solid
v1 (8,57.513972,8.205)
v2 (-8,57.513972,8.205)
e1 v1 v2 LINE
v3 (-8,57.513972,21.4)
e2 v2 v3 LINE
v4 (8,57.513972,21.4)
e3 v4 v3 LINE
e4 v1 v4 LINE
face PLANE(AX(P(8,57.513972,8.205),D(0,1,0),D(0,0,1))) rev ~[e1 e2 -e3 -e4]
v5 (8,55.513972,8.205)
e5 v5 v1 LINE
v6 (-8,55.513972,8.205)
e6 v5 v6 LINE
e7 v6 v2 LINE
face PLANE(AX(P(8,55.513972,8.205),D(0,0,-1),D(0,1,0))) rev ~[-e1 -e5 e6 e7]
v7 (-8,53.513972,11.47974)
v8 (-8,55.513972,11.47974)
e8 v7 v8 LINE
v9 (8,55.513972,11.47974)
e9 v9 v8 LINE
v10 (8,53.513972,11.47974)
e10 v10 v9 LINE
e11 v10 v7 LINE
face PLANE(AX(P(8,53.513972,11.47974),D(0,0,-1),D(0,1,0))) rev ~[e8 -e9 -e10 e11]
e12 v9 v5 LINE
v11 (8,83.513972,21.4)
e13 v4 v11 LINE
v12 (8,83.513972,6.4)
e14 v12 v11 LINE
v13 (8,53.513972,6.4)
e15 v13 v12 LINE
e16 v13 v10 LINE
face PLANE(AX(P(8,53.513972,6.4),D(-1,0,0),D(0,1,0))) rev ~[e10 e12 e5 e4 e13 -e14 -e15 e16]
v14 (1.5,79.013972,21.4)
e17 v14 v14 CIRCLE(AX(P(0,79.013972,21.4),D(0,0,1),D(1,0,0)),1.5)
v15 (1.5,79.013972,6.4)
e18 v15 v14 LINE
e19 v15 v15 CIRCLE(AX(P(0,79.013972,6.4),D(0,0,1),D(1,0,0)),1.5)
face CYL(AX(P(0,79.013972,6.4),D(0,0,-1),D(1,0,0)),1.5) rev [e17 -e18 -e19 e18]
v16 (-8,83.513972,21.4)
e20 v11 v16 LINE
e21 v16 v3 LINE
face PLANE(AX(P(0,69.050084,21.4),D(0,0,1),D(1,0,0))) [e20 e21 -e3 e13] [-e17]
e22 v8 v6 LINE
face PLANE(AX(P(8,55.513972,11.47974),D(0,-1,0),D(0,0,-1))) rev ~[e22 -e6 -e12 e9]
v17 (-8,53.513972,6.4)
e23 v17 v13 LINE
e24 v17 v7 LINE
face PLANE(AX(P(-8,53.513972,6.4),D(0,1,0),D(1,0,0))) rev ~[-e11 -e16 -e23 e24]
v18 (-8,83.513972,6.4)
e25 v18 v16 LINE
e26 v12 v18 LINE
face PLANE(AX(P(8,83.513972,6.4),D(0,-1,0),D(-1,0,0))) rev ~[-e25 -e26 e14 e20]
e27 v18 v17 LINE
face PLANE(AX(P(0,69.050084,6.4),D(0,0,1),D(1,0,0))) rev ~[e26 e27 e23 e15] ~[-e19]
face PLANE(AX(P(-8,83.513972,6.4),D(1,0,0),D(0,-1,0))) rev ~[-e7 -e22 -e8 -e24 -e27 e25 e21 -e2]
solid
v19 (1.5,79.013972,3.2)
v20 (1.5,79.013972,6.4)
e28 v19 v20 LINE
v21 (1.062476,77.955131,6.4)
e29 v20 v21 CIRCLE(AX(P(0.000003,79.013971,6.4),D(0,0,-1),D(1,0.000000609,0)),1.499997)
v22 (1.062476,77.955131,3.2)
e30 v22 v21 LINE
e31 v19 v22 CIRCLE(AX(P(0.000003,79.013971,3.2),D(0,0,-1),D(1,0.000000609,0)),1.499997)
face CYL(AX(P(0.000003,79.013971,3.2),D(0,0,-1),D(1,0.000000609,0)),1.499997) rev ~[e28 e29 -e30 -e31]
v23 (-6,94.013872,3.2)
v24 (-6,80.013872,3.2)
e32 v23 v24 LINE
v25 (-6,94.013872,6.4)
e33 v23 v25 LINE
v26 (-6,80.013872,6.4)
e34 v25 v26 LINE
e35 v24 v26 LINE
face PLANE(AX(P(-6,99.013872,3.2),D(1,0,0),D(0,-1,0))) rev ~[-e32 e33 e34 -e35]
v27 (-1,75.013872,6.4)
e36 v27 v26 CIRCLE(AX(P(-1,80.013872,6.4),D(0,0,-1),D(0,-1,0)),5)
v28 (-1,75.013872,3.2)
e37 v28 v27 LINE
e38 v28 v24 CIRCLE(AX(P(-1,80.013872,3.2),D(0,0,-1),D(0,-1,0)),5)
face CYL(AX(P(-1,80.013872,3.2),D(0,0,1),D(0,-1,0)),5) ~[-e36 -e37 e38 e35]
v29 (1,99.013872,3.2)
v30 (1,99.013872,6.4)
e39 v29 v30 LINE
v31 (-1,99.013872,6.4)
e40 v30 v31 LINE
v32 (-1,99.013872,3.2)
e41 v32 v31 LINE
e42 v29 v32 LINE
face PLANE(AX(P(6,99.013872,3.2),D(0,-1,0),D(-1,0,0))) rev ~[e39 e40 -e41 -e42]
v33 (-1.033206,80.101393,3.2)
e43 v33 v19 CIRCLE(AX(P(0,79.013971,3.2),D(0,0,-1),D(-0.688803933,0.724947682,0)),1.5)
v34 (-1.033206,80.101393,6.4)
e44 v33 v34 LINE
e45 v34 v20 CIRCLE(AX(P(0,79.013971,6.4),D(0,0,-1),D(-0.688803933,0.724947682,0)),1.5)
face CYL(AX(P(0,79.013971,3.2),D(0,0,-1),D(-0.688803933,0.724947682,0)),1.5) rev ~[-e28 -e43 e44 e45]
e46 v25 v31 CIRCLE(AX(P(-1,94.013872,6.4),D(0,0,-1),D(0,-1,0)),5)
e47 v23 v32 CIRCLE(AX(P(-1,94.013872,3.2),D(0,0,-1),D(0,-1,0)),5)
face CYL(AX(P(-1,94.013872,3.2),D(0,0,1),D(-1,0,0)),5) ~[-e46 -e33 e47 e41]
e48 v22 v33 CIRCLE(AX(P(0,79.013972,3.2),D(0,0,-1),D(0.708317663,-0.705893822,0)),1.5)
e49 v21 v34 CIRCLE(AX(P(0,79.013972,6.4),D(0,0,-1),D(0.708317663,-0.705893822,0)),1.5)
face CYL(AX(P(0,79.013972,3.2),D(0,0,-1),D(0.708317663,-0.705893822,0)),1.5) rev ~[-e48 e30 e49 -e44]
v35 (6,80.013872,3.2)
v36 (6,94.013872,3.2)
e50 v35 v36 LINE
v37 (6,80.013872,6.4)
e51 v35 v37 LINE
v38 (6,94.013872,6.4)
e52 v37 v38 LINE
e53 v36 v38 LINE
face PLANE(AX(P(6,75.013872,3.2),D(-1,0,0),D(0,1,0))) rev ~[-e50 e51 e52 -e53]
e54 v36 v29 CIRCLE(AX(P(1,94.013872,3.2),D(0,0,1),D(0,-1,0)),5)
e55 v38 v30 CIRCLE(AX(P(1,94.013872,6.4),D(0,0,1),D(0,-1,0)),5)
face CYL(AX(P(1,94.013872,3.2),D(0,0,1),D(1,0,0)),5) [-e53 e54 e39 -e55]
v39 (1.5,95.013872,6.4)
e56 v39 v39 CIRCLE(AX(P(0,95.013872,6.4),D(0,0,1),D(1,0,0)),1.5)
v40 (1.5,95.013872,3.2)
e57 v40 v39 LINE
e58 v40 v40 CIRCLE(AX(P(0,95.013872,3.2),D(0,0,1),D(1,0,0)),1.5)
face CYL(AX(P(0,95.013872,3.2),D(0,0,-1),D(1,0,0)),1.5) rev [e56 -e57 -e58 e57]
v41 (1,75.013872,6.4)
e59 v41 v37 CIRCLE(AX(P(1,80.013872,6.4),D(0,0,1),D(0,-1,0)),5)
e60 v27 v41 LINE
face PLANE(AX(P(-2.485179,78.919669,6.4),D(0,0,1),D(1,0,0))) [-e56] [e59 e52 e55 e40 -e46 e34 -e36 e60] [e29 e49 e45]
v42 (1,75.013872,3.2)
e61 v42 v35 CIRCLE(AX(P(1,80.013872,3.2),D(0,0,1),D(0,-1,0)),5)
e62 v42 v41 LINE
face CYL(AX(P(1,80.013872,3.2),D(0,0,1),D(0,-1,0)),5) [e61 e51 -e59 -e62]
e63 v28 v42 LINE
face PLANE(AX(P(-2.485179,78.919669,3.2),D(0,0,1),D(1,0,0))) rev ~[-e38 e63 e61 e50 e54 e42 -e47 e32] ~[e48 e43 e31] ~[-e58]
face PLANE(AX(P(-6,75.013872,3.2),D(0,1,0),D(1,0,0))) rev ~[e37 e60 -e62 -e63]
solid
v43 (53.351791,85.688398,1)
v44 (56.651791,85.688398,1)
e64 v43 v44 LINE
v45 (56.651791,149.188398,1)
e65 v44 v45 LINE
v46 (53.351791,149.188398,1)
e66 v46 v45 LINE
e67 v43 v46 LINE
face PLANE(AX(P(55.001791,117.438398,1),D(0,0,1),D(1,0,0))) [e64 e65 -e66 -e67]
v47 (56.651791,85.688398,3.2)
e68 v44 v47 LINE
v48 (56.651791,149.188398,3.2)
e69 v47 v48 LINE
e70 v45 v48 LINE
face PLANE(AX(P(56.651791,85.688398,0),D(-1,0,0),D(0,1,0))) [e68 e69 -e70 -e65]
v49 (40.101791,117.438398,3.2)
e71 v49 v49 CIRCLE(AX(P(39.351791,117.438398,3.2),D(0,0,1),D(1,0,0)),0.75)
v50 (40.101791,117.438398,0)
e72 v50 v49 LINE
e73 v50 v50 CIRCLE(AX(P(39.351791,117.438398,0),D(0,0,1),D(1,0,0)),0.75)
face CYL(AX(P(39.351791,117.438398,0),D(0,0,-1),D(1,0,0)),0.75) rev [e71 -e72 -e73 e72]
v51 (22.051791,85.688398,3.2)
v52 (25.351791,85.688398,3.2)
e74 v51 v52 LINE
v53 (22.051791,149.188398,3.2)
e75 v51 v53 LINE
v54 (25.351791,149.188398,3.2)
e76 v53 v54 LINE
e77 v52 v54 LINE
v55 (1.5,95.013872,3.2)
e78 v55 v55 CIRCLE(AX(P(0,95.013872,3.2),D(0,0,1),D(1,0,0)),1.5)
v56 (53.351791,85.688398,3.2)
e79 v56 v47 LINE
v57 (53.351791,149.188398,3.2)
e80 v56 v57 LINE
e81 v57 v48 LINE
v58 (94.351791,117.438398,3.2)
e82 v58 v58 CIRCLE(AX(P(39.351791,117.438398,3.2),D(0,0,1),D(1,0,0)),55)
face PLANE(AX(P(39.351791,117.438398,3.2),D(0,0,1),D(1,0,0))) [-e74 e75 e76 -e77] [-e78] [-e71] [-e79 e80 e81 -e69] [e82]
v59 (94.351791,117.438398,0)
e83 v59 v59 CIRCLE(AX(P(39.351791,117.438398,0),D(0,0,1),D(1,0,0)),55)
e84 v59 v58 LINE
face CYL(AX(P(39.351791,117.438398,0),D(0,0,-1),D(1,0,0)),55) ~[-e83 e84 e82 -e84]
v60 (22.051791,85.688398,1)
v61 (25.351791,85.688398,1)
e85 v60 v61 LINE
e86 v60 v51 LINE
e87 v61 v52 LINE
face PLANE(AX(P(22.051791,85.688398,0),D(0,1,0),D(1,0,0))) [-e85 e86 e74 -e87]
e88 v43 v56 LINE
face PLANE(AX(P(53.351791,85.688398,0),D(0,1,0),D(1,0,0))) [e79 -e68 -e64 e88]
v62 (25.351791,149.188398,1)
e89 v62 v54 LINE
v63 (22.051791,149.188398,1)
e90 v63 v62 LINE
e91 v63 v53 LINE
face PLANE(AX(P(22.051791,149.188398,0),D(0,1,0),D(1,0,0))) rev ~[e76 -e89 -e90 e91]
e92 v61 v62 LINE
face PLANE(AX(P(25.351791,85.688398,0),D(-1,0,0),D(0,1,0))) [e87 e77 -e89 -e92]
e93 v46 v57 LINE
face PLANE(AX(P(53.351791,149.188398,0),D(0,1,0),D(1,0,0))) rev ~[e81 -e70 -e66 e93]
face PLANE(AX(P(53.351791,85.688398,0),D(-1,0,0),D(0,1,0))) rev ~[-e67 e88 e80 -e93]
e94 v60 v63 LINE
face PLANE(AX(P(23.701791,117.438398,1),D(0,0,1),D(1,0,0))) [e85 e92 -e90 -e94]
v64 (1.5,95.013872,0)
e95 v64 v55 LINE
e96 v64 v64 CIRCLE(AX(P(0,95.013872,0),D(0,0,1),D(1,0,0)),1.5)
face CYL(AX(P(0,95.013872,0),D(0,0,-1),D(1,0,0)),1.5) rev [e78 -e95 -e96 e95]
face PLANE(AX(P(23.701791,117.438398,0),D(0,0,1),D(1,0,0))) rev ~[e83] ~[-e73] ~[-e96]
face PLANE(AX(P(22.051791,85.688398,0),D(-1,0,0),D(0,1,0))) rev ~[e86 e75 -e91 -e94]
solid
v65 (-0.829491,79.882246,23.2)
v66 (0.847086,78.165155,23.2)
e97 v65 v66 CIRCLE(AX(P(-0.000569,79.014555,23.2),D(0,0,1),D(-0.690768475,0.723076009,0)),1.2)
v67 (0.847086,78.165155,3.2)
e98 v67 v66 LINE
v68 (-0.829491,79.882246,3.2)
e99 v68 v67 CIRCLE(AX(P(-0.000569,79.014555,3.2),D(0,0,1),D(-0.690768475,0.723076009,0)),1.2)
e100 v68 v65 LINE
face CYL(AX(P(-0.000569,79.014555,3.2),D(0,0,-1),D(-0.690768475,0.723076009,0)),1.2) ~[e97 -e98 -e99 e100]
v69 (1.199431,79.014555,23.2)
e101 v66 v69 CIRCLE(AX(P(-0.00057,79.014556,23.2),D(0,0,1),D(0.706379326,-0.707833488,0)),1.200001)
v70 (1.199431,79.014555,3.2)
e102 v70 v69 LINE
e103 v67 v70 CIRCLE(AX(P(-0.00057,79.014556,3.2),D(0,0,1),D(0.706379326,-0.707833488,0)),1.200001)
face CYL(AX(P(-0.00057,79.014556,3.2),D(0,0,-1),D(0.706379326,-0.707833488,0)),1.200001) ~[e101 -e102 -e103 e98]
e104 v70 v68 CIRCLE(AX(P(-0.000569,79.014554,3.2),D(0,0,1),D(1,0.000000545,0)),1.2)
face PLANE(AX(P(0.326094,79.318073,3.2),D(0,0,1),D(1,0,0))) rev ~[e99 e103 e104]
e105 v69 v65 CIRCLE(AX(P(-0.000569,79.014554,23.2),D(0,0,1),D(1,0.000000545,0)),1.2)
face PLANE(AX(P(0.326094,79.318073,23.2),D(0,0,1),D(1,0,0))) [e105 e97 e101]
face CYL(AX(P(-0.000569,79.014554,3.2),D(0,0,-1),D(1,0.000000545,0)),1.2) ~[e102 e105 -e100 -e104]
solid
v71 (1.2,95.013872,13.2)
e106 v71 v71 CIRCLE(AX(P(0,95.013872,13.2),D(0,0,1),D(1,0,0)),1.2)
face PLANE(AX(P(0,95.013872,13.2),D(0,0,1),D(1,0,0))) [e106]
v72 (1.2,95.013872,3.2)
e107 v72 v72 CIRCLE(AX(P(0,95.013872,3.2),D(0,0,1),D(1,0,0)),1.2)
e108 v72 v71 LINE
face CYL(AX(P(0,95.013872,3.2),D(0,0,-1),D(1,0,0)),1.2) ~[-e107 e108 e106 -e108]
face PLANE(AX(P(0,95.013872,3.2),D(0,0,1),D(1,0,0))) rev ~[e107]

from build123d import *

# Parameters (mm, degrees)
F0_R      = 55
F0_R_2    = 1.5
F0_W      = 3.3
F0_H      = 63.5
F0_R_3    = 0.75
F1_DEPTH  = 3.2
F2_DEPTH  = 1
F3_R      = 1.2
F4_DEPTH  = 10
F5_R      = 1.5
F6_DEPTH  = 3.2
F7_R      = 5
F9_DEPTH  = 20
F10_R     = 1.5
F11_DEPTH = 15
F13_DEPTH = 25


with BuildPart() as f1:
    # F0 (on Top) → F1 (new body)
    with BuildSketch(Plane.XY):
        with Locations((39.351791, 117.438398)):
            Circle(F0_R)
        with Locations((0, 95.013872)):
            Circle(F0_R_2, mode=Mode.SUBTRACT)
        with Locations((23.701791, 117.438398)):
            Rectangle(F0_W, F0_H, mode=Mode.SUBTRACT)
        with Locations((39.351791, 117.438398)):
            Circle(F0_R_3, mode=Mode.SUBTRACT)
        with Locations((55.001791, 117.438398)):
            Rectangle(F0_W, F0_H, mode=Mode.SUBTRACT)
    extrude(amount=F1_DEPTH)

    # F0 (on Top) → F2 (join)
    with BuildSketch(Plane.XY):
        with Locations((23.701791, 117.438398)):
            Rectangle(F0_W, F0_H)
        with Locations((55.001791, 117.438398)):
            Rectangle(F0_W, F0_H)
    extrude(amount=F2_DEPTH)


with BuildPart() as f4:
    # F3 (on face) → F4 (new body)
    with BuildSketch(Plane.XY.offset(3.2)):
        with Locations((0, 95.013872)):
            Circle(F3_R)
    extrude(amount=F4_DEPTH)


with BuildPart() as f6:
    # F5 (on face) → F6 (new body)
    with BuildSketch(Plane.XY.offset(3.2)):
        with BuildLine():
            ThreePointArc((-1.033206, 80.101393), (-3.629298, 83.121842), (-6, 86.322244))
            Line((-6, 86.322244), (-6, 75.013872))
            Line((-6, 75.013872), (4.349512, 75.013872))
            ThreePointArc((4.349512, 75.013872), (2.676497, 76.451537), (1.062476, 77.955131))
            ThreePointArc((1.062476, 77.955131), (-1.073231, 77.966033), (-1.033206, 80.101393))
        make_face()
        with BuildLine():
            Line((6, 99.013872), (-6, 99.013872))
            Line((-6, 99.013872), (-6, 86.322244))
            ThreePointArc((-6, 86.322244), (-3.629298, 83.121842), (-1.033206, 80.101393))
            ThreePointArc((-1.033206, 80.101393), (0.591688, 80.392342), (1.5, 79.013972))
            ThreePointArc((1.5, 79.013972), (1.386311, 78.441135), (1.062476, 77.955131))
            ThreePointArc((1.062476, 77.955131), (2.676497, 76.451537), (4.349512, 75.013872))
            Line((4.349512, 75.013872), (6, 75.013872))
            Line((6, 75.013872), (6, 99.013872))
        make_face()
        with Locations((0, 95.013872)):
            Circle(F5_R, mode=Mode.SUBTRACT)
    extrude(amount=F6_DEPTH)

    # F7
    f7_edges = [f6.edges().sort_by_distance(p)[0] for p in [
        (-6, 99.013872, 4.8),
        (6, 99.013872, 4.8),
        (6, 75.013872, 4.8),
        (-6, 75.013872, 4.8),
    ]]
    fillet(f7_edges, radius=F7_R)


with BuildPart() as f9:
    # F8 (on face) → F9 (new body)
    with BuildSketch(Plane.XY.offset(3.2)):
        with BuildLine():
            ThreePointArc((0.847086, 78.165155), (1.10785, 78.554765), (1.199431, 79.014555))
            ThreePointArc((1.199431, 79.014555), (0.471285, 80.117892), (-0.829491, 79.882246))
            ThreePointArc((-0.829491, 79.882246), (-0.000569, 79.014555), (0.847086, 78.165155))
        make_face()
        with BuildLine():
            ThreePointArc((0.847086, 78.165155), (-0.000569, 79.014555), (-0.829491, 79.882246))
            ThreePointArc((-0.829491, 79.882246), (-0.859166, 78.176217), (0.847086, 78.165155))
        make_face()
    extrude(amount=F9_DEPTH)


with BuildPart() as f11:
    # F10 (on face) → F11 (new body)
    with BuildSketch(Plane.XY.offset(6.4)):
        with BuildLine():
            Line((-6, 83.513972), (-8, 83.513972))
            Line((-8, 83.513972), (-8, 53.513972))
            Line((-8, 53.513972), (8, 53.513972))
            Line((8, 53.513972), (8, 83.513972))
            Line((8, 83.513972), (6, 83.513972))
            Line((6, 83.513972), (6, 80.013872))
            ThreePointArc((6, 80.013872), (4.535534, 76.478338), (1, 75.013872))
            Line((1, 75.013872), (-1, 75.013872))
            ThreePointArc((-1, 75.013872), (-4.535534, 76.478338), (-6, 80.013872))
            Line((-6, 80.013872), (-6, 83.513972))
        make_face()
        with BuildLine():
            Line((6, 83.513972), (-6, 83.513972))
            Line((-6, 83.513972), (-6, 80.013872))
            ThreePointArc((-6, 80.013872), (-4.535534, 76.478338), (-1, 75.013872))
            Line((-1, 75.013872), (1, 75.013872))
            ThreePointArc((1, 75.013872), (4.535534, 76.478338), (6, 80.013872))
            Line((6, 80.013872), (6, 83.513972))
        make_face()
        with Locations((0, 79.013972)):
            Circle(F10_R, mode=Mode.SUBTRACT)
    extrude(amount=F11_DEPTH)

    # F12 (on face) → F13 (cut)
    with BuildSketch(Plane.YZ.offset(8)):
        Polygon((57.513972, 21.4), (53.513972, 21.4), (53.513972, 11.47974), (55.513972, 11.47974), (55.513972, 8.205), (57.513972, 8.205), align=None)
    extrude(amount=-F13_DEPTH, mode=Mode.SUBTRACT)


solid = Compound([f1.part, f4.part, f6.part, f9.part, f11.part])
